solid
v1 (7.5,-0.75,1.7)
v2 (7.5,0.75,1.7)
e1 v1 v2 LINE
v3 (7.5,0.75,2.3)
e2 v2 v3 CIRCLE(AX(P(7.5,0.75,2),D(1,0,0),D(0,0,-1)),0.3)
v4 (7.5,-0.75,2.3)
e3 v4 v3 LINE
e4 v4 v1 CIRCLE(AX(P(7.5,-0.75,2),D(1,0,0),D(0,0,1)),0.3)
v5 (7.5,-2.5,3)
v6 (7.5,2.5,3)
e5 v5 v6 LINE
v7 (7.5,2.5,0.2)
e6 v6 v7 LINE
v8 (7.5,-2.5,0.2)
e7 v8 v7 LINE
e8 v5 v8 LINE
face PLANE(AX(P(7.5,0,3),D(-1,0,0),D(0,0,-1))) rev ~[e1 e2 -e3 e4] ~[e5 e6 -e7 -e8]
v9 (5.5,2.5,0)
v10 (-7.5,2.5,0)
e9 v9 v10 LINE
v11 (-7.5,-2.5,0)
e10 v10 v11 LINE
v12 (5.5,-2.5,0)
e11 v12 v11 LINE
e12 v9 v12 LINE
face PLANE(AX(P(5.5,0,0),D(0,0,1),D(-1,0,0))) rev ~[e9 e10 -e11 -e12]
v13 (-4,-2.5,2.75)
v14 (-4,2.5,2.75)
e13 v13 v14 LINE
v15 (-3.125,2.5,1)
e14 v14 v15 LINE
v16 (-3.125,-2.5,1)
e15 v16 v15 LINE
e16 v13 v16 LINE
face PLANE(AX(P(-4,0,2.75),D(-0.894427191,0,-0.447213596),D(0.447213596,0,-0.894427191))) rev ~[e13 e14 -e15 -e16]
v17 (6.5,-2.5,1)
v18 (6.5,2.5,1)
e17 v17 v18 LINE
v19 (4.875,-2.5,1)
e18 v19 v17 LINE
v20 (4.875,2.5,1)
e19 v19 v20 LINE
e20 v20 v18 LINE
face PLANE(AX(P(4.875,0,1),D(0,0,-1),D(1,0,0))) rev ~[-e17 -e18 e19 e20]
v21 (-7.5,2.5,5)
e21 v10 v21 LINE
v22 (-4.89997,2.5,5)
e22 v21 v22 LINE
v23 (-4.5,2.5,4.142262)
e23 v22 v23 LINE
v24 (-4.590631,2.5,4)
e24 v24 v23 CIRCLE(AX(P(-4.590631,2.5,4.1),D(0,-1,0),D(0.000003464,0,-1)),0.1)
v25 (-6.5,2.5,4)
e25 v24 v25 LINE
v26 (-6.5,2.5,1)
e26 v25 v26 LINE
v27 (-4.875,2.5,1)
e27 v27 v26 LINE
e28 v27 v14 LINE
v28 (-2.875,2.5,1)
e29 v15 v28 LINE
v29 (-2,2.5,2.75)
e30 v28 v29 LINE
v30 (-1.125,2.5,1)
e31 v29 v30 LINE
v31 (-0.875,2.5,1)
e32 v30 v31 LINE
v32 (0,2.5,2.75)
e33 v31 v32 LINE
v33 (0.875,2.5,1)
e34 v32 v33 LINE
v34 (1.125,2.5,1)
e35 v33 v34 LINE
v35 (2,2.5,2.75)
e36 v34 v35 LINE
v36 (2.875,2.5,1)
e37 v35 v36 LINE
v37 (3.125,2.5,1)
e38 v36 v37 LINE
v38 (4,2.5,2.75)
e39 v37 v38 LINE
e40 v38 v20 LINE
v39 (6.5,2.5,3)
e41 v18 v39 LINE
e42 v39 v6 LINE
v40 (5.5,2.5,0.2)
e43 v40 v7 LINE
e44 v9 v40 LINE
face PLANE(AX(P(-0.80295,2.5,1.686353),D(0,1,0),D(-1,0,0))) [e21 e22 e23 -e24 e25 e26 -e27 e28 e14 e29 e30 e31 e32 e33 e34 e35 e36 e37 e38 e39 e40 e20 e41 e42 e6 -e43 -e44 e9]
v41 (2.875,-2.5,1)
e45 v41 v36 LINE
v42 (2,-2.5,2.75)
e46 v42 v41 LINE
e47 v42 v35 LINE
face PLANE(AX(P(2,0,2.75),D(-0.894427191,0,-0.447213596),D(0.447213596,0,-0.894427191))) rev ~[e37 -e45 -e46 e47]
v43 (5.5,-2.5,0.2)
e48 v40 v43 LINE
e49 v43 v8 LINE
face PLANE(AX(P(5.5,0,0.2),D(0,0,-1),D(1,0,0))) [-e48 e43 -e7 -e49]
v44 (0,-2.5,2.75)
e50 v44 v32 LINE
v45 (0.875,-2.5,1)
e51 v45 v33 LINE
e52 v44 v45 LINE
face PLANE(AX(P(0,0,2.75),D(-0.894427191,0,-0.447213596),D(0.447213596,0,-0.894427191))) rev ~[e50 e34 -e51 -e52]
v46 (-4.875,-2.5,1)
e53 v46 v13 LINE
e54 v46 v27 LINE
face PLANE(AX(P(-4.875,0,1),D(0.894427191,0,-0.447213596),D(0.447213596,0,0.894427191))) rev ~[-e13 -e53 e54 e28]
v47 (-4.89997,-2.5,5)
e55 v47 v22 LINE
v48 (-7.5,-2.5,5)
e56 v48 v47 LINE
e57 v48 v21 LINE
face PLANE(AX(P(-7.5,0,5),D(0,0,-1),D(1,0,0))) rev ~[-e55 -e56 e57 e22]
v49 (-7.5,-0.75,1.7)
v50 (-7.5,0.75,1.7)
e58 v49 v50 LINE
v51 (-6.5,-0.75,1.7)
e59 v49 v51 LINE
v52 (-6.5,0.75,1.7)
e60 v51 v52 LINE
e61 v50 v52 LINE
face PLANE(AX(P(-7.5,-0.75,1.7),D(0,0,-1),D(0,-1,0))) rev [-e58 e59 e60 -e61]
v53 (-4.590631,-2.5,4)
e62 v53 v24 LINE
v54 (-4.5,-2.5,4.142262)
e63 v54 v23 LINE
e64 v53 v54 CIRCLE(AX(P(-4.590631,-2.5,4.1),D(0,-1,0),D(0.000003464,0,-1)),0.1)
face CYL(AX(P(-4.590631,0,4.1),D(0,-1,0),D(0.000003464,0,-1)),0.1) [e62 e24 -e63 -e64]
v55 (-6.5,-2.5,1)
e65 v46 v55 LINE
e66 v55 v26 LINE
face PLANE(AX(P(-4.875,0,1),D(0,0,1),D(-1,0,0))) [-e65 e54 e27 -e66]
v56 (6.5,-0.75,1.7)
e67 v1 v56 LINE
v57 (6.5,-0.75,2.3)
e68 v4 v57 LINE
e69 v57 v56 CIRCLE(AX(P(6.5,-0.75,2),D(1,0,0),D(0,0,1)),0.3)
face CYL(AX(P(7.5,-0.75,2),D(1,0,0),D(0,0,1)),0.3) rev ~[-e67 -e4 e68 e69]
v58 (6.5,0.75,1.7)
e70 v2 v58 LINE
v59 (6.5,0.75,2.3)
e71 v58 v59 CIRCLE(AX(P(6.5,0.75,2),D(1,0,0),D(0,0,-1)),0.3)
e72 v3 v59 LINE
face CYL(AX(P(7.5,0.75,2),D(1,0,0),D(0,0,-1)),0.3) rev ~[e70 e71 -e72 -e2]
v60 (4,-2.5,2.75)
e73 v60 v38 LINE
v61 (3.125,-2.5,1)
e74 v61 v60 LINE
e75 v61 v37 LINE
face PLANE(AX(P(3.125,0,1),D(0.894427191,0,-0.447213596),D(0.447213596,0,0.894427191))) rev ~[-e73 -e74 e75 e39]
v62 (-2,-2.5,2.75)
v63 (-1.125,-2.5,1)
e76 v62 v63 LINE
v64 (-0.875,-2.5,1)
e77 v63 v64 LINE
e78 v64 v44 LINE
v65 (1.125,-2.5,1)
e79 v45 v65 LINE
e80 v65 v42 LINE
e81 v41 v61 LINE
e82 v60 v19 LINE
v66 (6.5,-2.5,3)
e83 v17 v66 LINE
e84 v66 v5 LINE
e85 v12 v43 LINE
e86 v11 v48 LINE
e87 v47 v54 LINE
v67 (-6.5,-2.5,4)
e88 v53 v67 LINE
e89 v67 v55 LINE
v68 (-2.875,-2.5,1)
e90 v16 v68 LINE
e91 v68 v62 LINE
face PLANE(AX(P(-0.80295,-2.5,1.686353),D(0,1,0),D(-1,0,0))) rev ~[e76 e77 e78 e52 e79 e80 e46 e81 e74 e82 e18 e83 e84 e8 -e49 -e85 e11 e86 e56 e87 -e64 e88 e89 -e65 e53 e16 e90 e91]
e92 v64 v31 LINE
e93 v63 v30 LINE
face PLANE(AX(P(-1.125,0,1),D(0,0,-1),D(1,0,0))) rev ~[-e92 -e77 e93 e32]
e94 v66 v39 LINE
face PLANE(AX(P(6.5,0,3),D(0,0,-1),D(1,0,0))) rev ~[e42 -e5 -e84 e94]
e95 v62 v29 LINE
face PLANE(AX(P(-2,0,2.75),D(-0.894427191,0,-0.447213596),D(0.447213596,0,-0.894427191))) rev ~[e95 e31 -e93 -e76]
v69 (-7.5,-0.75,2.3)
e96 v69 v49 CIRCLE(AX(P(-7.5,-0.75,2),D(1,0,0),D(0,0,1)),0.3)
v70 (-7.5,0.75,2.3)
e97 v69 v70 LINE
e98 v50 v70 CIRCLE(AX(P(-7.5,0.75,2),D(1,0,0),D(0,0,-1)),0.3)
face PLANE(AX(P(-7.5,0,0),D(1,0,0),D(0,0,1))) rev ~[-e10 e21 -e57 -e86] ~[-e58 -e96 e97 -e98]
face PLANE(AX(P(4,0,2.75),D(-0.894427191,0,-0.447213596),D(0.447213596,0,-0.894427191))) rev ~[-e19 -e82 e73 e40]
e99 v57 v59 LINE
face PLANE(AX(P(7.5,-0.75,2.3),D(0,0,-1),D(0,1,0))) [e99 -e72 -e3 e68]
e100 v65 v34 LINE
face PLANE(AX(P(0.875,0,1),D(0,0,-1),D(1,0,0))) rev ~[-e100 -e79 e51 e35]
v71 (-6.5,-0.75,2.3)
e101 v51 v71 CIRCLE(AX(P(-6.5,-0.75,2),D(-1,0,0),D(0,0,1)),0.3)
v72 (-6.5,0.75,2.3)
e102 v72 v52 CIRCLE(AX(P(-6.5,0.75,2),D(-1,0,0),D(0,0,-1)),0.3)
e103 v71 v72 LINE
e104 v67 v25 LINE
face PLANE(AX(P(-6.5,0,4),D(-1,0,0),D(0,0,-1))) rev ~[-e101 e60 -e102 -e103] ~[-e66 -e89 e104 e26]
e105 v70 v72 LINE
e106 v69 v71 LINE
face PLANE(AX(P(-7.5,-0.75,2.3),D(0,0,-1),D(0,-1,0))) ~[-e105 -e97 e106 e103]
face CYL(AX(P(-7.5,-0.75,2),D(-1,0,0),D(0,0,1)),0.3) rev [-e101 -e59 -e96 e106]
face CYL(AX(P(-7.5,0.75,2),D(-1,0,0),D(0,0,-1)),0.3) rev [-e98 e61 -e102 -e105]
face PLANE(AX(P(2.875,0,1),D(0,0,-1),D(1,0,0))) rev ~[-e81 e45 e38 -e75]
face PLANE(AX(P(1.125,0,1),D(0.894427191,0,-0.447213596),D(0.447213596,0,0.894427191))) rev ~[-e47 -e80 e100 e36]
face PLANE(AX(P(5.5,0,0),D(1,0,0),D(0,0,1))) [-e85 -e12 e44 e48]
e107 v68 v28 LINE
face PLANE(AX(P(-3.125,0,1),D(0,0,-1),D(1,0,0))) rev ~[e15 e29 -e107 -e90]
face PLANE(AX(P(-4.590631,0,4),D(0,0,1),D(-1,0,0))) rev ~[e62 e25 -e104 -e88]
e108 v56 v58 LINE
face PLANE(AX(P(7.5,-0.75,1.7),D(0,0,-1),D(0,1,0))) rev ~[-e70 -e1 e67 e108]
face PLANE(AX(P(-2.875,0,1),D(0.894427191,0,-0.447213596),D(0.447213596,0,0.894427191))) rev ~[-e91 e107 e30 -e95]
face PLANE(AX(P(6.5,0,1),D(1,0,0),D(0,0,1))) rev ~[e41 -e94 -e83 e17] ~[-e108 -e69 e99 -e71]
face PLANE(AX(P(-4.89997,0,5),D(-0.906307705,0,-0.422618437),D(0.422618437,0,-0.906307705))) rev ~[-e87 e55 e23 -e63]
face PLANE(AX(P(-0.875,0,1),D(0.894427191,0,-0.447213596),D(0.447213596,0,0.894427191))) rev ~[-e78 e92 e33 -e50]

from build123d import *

# Parameters (mm, degrees)
PAD028_DEPTH    = 2.5
POCKET033_DEPTH = 2


with BuildPart() as part:
    # Sketch063 → Pad028 (new body, symmetric)
    with BuildSketch(Plane.XZ):
        with BuildLine():
            Line((-7.5, 0), (-7.5, 5))
            Line((-7.5, 5), (-4.89997, 5))
            Line((-4.89997, 5), (-4.5, 4.142262))
            ThreePointArc((-4.590631, 4), (-4.506292, 4.04627), (-4.5, 4.142262))
            Line((-4.590631, 4), (-6.5, 4))
            Line((-6.5, 4), (-6.5, 1))
            Line((-6.5, 1), (-5, 1))
            Line((-4.875, 1), (-5, 1))
            Line((-4.875, 1), (-4, 2.75))
            Line((-4, 2.75), (-3.125, 1))
            Line((-3.125, 1), (-2.875, 1))
            Line((-2.875, 1), (-2, 2.75))
            Line((-2, 2.75), (-1.125, 1))
            Line((-1.125, 1), (-0.875, 1))
            Line((-0.875, 1), (0, 2.75))
            Line((0, 2.75), (0.875, 1))
            Line((0.875, 1), (1.125, 1))
            Line((1.125, 1), (2, 2.75))
            Line((2, 2.75), (2.875, 1))
            Line((2.875, 1), (3.125, 1))
            Line((3.125, 1), (4, 2.75))
            Line((4, 2.75), (4.875, 1))
            Line((4.875, 1), (5, 1))
            Line((5, 1), (6.5, 1))
            Line((6.5, 1), (6.5, 3))
            Line((6.5, 3), (7.5, 3))
            Line((7.5, 3), (7.5, 0.2))
            Line((5.5, 0.2), (7.5, 0.2))
            Line((5.5, 0), (5.5, 0.2))
            Line((5.5, 0), (-7.5, 0))
        make_face()
    extrude(amount=PAD028_DEPTH, both=True)

    # Sketch062 (on Face28 of Pad028) → Pocket033 (cut)
    with BuildSketch(Plane(origin=(7.5, 0, 0), x_dir=(0, 0, 1), z_dir=(1, 0, 0))):
        with BuildLine():
            ThreePointArc((2.3, 0.75), (2, 1.05), (1.7, 0.75))
            Line((1.7, 0.75), (1.7, -0.75))
            ThreePointArc((1.7, -0.75), (2, -1.05), (2.3, -0.75))
            Line((2.3, 0.75), (2.3, -0.75))
        make_face()
    pocket033 = extrude(amount=-POCKET033_DEPTH, mode=Mode.SUBTRACT)

    # Mirrored003: Pocket033 across YZ
    add(pocket033.mirror(Plane.YZ), mode=Mode.SUBTRACT)


solid = part.part
